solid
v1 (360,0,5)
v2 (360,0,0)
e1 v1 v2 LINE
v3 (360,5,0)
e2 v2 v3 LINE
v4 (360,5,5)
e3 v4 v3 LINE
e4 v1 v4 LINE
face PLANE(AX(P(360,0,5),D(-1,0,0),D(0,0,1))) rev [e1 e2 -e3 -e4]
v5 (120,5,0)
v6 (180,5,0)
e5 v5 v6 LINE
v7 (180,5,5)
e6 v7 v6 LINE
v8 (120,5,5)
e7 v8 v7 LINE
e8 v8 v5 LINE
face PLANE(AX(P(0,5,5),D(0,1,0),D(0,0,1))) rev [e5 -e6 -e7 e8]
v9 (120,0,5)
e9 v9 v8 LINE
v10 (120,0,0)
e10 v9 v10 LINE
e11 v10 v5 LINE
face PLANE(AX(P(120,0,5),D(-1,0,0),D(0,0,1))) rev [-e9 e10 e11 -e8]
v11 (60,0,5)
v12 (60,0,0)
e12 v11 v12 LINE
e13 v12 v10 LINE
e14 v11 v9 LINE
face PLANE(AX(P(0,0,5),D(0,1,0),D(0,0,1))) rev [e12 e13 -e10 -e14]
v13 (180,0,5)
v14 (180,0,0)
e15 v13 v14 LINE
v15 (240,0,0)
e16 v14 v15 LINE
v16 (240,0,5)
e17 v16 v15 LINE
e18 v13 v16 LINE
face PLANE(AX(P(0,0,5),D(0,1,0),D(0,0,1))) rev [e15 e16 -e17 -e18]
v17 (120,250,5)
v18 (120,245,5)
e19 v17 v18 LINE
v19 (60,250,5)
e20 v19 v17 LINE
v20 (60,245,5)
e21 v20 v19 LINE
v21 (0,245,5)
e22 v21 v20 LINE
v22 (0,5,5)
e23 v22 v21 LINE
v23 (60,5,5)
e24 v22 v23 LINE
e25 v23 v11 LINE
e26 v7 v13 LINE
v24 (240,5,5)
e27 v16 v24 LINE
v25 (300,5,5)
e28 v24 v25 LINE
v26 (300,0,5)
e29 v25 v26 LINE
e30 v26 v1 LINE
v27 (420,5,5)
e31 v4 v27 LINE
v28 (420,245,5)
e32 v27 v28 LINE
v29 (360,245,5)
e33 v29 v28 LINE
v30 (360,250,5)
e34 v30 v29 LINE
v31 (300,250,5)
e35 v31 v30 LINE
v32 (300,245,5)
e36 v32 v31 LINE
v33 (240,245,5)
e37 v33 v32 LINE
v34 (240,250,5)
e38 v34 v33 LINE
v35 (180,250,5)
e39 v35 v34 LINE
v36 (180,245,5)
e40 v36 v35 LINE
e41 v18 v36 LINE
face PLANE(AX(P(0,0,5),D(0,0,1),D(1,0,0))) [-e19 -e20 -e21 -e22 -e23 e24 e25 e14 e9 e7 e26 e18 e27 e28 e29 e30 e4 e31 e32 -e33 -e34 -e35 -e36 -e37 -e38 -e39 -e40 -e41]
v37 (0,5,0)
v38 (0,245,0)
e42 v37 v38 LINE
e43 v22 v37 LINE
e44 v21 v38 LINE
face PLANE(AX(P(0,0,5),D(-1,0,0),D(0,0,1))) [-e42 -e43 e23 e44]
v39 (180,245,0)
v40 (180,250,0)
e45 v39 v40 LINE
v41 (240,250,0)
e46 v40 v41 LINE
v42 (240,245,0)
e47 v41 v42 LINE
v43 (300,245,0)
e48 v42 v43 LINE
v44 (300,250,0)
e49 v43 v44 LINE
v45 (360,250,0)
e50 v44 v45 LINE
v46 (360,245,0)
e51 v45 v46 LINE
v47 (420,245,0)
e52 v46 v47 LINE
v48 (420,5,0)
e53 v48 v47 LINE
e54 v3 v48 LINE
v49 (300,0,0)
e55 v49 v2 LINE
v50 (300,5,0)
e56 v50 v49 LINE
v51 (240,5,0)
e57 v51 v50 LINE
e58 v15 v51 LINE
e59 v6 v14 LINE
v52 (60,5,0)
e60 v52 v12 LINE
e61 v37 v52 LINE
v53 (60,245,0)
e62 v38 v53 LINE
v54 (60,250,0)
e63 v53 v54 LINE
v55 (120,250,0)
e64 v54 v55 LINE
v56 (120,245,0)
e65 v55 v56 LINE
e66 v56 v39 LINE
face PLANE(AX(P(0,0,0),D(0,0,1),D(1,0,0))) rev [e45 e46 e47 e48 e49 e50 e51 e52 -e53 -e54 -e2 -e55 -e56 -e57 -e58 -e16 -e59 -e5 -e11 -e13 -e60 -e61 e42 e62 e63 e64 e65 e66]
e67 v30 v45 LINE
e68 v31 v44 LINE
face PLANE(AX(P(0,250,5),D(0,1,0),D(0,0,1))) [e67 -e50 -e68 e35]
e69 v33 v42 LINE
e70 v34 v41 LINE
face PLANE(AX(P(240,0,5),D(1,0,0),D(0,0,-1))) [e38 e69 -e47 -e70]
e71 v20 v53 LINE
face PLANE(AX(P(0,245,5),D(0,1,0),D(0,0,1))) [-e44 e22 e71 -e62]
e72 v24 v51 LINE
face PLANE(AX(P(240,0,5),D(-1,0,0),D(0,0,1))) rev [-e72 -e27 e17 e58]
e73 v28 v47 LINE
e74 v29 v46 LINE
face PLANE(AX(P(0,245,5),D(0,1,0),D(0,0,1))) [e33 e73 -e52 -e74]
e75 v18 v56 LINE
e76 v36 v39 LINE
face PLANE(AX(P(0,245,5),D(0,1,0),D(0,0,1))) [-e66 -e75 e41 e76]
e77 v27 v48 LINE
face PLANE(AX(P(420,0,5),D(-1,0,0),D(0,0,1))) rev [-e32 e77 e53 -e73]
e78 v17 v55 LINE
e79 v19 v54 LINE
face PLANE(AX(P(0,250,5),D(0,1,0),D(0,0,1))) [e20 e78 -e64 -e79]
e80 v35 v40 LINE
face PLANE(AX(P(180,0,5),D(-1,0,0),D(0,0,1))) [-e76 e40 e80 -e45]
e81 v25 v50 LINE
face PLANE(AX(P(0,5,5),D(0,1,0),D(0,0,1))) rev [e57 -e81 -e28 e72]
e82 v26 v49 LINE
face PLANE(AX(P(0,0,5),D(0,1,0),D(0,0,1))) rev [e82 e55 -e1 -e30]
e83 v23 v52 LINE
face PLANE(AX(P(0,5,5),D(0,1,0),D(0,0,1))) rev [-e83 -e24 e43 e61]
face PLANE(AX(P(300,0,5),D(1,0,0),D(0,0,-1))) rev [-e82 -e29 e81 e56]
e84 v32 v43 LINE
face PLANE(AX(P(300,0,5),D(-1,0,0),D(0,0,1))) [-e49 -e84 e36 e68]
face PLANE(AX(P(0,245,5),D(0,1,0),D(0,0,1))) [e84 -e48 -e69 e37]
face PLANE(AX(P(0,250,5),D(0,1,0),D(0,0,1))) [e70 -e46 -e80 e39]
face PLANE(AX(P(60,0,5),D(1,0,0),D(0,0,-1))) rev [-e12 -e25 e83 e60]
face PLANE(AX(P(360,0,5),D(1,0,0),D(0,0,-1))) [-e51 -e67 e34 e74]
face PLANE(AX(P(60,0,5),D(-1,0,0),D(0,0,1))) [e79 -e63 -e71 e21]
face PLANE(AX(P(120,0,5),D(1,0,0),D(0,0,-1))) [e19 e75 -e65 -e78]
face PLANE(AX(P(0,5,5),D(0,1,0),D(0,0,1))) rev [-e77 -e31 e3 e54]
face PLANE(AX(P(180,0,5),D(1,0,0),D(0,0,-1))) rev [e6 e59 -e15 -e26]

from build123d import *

# Parameters (mm, degrees)
BOSS_EXTRU_1_DEPTH = 5


with BuildPart() as part:
    # Esquisse1 → Boss.-Extru.1 (new body)
    with BuildSketch(Plane.XY):
        Polygon((360, 0), (360, 5), (420, 5), (420, 245), (360, 245), (360, 250), (300, 250), (300, 245), (240, 245), (240, 250), (180, 250), (180, 245), (120, 245), (120, 250), (60, 250), (60, 245), (0, 245), (0, 5), (60, 5), (60, 0), (120, 0), (120, 5), (180, 5), (180, 0), (240, 0), (240, 5), (300, 5), (300, 0), align=None)
    extrude(amount=BOSS_EXTRU_1_DEPTH)


solid = part.part
